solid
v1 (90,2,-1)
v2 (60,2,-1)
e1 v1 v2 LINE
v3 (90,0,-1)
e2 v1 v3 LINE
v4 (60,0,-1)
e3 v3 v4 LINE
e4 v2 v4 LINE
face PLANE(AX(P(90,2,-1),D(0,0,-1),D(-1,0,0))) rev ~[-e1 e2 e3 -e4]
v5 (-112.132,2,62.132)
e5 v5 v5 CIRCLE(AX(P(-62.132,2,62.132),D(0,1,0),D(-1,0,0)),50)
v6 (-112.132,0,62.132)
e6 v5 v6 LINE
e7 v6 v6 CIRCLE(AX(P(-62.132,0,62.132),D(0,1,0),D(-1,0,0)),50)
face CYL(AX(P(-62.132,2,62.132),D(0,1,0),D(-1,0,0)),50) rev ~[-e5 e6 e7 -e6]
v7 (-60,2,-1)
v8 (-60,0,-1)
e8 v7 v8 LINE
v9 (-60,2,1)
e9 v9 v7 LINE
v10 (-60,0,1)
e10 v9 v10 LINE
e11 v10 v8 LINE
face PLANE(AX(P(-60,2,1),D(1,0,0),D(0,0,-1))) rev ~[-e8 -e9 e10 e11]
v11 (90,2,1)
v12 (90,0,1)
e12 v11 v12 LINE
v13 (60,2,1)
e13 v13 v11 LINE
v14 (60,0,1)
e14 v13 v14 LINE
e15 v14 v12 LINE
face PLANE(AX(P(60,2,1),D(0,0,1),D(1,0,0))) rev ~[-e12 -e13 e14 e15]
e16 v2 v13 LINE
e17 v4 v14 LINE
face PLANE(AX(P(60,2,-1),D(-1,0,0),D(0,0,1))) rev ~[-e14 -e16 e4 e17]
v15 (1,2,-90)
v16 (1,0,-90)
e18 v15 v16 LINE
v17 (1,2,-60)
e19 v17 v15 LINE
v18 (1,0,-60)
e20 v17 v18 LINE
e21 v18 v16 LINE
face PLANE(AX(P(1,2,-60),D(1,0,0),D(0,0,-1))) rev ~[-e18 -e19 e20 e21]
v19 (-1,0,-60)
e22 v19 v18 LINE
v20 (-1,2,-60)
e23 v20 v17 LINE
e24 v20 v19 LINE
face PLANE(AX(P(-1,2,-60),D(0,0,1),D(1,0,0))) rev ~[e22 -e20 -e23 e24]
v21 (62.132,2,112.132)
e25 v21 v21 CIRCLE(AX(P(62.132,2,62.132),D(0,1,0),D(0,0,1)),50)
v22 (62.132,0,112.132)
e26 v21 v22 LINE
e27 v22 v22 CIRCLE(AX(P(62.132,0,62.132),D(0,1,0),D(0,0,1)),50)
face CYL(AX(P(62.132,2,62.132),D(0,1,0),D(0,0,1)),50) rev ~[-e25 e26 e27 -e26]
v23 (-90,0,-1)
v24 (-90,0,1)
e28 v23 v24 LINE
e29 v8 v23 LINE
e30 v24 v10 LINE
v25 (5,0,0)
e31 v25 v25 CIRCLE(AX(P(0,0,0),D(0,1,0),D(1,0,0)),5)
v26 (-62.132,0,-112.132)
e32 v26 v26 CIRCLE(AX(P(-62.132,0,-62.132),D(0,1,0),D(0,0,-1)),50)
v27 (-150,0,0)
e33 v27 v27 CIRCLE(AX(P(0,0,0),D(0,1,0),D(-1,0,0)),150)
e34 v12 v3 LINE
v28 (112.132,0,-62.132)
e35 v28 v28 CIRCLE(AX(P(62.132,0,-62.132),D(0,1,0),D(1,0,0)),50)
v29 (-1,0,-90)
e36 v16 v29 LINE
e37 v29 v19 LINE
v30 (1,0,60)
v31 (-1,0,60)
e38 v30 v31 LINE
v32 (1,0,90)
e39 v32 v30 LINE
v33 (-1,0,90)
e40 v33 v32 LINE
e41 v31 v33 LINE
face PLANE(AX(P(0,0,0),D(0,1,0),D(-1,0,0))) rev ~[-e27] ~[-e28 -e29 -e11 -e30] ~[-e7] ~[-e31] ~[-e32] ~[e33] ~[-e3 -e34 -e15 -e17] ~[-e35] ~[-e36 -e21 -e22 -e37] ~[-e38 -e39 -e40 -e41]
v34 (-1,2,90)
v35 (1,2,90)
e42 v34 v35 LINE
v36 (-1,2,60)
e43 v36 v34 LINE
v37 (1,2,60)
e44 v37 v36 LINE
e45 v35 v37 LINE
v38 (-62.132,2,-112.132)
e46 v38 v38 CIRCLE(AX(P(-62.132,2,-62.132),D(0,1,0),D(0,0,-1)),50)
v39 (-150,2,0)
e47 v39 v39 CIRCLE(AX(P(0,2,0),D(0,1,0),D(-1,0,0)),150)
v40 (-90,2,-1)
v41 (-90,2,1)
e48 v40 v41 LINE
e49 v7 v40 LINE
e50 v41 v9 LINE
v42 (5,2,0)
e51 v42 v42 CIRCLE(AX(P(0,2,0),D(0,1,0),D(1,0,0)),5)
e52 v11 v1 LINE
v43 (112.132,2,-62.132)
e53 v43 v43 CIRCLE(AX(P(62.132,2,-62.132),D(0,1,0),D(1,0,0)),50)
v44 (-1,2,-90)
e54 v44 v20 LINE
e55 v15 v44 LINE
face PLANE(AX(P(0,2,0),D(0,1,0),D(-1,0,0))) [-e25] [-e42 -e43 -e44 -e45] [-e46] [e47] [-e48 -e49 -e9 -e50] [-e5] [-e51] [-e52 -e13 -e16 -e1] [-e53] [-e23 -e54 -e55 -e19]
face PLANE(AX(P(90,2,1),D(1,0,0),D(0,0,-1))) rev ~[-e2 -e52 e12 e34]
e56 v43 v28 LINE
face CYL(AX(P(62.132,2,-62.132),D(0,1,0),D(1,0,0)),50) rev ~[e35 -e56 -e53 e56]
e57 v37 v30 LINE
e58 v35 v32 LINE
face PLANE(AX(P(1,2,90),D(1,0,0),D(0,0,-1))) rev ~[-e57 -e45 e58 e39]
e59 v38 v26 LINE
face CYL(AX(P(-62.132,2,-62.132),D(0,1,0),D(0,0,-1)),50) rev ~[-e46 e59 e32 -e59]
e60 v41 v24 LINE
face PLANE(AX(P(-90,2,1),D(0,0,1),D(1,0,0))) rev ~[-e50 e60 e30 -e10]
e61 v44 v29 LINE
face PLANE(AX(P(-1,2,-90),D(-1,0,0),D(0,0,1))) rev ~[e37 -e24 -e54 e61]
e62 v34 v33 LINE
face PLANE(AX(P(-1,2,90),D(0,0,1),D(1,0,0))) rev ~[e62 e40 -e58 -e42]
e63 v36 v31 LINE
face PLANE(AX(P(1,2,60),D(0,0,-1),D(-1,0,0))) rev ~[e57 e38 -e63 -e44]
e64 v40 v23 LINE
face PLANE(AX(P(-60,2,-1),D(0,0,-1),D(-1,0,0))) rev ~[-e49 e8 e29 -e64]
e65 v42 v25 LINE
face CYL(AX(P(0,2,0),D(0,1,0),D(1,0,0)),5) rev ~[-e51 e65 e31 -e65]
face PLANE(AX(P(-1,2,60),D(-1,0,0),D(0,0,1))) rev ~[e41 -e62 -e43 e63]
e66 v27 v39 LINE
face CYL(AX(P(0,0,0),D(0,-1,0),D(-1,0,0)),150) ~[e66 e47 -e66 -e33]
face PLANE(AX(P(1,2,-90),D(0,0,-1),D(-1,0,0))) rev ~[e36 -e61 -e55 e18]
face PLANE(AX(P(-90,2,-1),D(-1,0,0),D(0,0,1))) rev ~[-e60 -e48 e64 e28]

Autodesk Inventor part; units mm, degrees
ref_plane "YZ Plane" through (0, 0, 0) normal (1, 0, 0) x (0, 1, 0)
ref_plane "XZ Plane" through (0, 0, 0) normal (0, 1, 0) x (-1, 0, 0)
ref_plane "XY Plane" through (0, 0, 0) normal (0, 0, 1) x (1, 0, 0)
sketch "Sketch1" plane through (0, 0, 0) normal (0, 1, 0) x (-1, 0, 0)
  circle A0 centre (0, 0) radius 150
  dimension "d0" = 300
extrude "Extrusion1" add sketch "Sketch1" along normal blind 2
sketch "Sketch2" plane through (0, 2, 0) normal (0, 1, 0) x (1, 0, 0)
  circle A0 centre (62.132, 62.132) radius 50
  circle A1 centre (0, 0) radius 150 construction
  line L0 (0, 150) -> (0, -150) construction
  line L1 (150, 0) -> (-150, 0) construction
  line L2 (62.132, 62.132) -> (0, 62.132) construction
  line L3 (62.132, 62.132) -> (62.132, 0) construction
  line L4 (62.132, 62.132) -> (106.066, 106.066) construction
  dimension "d3" = 100
  dimension "d26" = 62.132
extrude "Extrusion2" cut sketch "Sketch2" against normal through all
pattern_circular "Circular Pattern1" count 4 over 360 about axis through (0, -10, 0) along (0, 1, 0) of "Extrusion2"
sketch "Sketch3" plane through (0, 2, 0) normal (0, 1, 0) x (1, 0, 0)
  circle A0 centre (0, 0) radius 5
  dimension "d9" = 10
extrude "Extrusion3" cut sketch "Sketch3" against normal through all
sketch "Sketch5" plane through (0, 2, 0) normal (0, 1, 0) x (1, 0, 0)
  circle A0 centre (0, 0) radius 5 construction
  line L0 (0, 0) -> (-150, 0) construction
  arc A1 (-150, 0) -> (-150, 0) centre (0, 0) ccw construction
  line L1 (-60, -1) -> (-60, 1)
  line L2 (-60, 1) -> (-90, 1)
  line L3 (-90, 1) -> (-90, -1)
  line L4 (-90, -1) -> (-60, -1)
  line L5 (-60, 0) -> (-90, 0) construction
  point P0 (-75, 0)
  dimension "d19" = 2
  dimension "d20" = 30
extrude "Extrusion5" cut sketch "Sketch5" against normal through all
pattern_circular "Circular Pattern3" count 4 over 360 about axis through (0, -10, 0) along (0, 1, 0) of "Extrusion5"
properties part number "Plate" material "Aluminum 6061"
